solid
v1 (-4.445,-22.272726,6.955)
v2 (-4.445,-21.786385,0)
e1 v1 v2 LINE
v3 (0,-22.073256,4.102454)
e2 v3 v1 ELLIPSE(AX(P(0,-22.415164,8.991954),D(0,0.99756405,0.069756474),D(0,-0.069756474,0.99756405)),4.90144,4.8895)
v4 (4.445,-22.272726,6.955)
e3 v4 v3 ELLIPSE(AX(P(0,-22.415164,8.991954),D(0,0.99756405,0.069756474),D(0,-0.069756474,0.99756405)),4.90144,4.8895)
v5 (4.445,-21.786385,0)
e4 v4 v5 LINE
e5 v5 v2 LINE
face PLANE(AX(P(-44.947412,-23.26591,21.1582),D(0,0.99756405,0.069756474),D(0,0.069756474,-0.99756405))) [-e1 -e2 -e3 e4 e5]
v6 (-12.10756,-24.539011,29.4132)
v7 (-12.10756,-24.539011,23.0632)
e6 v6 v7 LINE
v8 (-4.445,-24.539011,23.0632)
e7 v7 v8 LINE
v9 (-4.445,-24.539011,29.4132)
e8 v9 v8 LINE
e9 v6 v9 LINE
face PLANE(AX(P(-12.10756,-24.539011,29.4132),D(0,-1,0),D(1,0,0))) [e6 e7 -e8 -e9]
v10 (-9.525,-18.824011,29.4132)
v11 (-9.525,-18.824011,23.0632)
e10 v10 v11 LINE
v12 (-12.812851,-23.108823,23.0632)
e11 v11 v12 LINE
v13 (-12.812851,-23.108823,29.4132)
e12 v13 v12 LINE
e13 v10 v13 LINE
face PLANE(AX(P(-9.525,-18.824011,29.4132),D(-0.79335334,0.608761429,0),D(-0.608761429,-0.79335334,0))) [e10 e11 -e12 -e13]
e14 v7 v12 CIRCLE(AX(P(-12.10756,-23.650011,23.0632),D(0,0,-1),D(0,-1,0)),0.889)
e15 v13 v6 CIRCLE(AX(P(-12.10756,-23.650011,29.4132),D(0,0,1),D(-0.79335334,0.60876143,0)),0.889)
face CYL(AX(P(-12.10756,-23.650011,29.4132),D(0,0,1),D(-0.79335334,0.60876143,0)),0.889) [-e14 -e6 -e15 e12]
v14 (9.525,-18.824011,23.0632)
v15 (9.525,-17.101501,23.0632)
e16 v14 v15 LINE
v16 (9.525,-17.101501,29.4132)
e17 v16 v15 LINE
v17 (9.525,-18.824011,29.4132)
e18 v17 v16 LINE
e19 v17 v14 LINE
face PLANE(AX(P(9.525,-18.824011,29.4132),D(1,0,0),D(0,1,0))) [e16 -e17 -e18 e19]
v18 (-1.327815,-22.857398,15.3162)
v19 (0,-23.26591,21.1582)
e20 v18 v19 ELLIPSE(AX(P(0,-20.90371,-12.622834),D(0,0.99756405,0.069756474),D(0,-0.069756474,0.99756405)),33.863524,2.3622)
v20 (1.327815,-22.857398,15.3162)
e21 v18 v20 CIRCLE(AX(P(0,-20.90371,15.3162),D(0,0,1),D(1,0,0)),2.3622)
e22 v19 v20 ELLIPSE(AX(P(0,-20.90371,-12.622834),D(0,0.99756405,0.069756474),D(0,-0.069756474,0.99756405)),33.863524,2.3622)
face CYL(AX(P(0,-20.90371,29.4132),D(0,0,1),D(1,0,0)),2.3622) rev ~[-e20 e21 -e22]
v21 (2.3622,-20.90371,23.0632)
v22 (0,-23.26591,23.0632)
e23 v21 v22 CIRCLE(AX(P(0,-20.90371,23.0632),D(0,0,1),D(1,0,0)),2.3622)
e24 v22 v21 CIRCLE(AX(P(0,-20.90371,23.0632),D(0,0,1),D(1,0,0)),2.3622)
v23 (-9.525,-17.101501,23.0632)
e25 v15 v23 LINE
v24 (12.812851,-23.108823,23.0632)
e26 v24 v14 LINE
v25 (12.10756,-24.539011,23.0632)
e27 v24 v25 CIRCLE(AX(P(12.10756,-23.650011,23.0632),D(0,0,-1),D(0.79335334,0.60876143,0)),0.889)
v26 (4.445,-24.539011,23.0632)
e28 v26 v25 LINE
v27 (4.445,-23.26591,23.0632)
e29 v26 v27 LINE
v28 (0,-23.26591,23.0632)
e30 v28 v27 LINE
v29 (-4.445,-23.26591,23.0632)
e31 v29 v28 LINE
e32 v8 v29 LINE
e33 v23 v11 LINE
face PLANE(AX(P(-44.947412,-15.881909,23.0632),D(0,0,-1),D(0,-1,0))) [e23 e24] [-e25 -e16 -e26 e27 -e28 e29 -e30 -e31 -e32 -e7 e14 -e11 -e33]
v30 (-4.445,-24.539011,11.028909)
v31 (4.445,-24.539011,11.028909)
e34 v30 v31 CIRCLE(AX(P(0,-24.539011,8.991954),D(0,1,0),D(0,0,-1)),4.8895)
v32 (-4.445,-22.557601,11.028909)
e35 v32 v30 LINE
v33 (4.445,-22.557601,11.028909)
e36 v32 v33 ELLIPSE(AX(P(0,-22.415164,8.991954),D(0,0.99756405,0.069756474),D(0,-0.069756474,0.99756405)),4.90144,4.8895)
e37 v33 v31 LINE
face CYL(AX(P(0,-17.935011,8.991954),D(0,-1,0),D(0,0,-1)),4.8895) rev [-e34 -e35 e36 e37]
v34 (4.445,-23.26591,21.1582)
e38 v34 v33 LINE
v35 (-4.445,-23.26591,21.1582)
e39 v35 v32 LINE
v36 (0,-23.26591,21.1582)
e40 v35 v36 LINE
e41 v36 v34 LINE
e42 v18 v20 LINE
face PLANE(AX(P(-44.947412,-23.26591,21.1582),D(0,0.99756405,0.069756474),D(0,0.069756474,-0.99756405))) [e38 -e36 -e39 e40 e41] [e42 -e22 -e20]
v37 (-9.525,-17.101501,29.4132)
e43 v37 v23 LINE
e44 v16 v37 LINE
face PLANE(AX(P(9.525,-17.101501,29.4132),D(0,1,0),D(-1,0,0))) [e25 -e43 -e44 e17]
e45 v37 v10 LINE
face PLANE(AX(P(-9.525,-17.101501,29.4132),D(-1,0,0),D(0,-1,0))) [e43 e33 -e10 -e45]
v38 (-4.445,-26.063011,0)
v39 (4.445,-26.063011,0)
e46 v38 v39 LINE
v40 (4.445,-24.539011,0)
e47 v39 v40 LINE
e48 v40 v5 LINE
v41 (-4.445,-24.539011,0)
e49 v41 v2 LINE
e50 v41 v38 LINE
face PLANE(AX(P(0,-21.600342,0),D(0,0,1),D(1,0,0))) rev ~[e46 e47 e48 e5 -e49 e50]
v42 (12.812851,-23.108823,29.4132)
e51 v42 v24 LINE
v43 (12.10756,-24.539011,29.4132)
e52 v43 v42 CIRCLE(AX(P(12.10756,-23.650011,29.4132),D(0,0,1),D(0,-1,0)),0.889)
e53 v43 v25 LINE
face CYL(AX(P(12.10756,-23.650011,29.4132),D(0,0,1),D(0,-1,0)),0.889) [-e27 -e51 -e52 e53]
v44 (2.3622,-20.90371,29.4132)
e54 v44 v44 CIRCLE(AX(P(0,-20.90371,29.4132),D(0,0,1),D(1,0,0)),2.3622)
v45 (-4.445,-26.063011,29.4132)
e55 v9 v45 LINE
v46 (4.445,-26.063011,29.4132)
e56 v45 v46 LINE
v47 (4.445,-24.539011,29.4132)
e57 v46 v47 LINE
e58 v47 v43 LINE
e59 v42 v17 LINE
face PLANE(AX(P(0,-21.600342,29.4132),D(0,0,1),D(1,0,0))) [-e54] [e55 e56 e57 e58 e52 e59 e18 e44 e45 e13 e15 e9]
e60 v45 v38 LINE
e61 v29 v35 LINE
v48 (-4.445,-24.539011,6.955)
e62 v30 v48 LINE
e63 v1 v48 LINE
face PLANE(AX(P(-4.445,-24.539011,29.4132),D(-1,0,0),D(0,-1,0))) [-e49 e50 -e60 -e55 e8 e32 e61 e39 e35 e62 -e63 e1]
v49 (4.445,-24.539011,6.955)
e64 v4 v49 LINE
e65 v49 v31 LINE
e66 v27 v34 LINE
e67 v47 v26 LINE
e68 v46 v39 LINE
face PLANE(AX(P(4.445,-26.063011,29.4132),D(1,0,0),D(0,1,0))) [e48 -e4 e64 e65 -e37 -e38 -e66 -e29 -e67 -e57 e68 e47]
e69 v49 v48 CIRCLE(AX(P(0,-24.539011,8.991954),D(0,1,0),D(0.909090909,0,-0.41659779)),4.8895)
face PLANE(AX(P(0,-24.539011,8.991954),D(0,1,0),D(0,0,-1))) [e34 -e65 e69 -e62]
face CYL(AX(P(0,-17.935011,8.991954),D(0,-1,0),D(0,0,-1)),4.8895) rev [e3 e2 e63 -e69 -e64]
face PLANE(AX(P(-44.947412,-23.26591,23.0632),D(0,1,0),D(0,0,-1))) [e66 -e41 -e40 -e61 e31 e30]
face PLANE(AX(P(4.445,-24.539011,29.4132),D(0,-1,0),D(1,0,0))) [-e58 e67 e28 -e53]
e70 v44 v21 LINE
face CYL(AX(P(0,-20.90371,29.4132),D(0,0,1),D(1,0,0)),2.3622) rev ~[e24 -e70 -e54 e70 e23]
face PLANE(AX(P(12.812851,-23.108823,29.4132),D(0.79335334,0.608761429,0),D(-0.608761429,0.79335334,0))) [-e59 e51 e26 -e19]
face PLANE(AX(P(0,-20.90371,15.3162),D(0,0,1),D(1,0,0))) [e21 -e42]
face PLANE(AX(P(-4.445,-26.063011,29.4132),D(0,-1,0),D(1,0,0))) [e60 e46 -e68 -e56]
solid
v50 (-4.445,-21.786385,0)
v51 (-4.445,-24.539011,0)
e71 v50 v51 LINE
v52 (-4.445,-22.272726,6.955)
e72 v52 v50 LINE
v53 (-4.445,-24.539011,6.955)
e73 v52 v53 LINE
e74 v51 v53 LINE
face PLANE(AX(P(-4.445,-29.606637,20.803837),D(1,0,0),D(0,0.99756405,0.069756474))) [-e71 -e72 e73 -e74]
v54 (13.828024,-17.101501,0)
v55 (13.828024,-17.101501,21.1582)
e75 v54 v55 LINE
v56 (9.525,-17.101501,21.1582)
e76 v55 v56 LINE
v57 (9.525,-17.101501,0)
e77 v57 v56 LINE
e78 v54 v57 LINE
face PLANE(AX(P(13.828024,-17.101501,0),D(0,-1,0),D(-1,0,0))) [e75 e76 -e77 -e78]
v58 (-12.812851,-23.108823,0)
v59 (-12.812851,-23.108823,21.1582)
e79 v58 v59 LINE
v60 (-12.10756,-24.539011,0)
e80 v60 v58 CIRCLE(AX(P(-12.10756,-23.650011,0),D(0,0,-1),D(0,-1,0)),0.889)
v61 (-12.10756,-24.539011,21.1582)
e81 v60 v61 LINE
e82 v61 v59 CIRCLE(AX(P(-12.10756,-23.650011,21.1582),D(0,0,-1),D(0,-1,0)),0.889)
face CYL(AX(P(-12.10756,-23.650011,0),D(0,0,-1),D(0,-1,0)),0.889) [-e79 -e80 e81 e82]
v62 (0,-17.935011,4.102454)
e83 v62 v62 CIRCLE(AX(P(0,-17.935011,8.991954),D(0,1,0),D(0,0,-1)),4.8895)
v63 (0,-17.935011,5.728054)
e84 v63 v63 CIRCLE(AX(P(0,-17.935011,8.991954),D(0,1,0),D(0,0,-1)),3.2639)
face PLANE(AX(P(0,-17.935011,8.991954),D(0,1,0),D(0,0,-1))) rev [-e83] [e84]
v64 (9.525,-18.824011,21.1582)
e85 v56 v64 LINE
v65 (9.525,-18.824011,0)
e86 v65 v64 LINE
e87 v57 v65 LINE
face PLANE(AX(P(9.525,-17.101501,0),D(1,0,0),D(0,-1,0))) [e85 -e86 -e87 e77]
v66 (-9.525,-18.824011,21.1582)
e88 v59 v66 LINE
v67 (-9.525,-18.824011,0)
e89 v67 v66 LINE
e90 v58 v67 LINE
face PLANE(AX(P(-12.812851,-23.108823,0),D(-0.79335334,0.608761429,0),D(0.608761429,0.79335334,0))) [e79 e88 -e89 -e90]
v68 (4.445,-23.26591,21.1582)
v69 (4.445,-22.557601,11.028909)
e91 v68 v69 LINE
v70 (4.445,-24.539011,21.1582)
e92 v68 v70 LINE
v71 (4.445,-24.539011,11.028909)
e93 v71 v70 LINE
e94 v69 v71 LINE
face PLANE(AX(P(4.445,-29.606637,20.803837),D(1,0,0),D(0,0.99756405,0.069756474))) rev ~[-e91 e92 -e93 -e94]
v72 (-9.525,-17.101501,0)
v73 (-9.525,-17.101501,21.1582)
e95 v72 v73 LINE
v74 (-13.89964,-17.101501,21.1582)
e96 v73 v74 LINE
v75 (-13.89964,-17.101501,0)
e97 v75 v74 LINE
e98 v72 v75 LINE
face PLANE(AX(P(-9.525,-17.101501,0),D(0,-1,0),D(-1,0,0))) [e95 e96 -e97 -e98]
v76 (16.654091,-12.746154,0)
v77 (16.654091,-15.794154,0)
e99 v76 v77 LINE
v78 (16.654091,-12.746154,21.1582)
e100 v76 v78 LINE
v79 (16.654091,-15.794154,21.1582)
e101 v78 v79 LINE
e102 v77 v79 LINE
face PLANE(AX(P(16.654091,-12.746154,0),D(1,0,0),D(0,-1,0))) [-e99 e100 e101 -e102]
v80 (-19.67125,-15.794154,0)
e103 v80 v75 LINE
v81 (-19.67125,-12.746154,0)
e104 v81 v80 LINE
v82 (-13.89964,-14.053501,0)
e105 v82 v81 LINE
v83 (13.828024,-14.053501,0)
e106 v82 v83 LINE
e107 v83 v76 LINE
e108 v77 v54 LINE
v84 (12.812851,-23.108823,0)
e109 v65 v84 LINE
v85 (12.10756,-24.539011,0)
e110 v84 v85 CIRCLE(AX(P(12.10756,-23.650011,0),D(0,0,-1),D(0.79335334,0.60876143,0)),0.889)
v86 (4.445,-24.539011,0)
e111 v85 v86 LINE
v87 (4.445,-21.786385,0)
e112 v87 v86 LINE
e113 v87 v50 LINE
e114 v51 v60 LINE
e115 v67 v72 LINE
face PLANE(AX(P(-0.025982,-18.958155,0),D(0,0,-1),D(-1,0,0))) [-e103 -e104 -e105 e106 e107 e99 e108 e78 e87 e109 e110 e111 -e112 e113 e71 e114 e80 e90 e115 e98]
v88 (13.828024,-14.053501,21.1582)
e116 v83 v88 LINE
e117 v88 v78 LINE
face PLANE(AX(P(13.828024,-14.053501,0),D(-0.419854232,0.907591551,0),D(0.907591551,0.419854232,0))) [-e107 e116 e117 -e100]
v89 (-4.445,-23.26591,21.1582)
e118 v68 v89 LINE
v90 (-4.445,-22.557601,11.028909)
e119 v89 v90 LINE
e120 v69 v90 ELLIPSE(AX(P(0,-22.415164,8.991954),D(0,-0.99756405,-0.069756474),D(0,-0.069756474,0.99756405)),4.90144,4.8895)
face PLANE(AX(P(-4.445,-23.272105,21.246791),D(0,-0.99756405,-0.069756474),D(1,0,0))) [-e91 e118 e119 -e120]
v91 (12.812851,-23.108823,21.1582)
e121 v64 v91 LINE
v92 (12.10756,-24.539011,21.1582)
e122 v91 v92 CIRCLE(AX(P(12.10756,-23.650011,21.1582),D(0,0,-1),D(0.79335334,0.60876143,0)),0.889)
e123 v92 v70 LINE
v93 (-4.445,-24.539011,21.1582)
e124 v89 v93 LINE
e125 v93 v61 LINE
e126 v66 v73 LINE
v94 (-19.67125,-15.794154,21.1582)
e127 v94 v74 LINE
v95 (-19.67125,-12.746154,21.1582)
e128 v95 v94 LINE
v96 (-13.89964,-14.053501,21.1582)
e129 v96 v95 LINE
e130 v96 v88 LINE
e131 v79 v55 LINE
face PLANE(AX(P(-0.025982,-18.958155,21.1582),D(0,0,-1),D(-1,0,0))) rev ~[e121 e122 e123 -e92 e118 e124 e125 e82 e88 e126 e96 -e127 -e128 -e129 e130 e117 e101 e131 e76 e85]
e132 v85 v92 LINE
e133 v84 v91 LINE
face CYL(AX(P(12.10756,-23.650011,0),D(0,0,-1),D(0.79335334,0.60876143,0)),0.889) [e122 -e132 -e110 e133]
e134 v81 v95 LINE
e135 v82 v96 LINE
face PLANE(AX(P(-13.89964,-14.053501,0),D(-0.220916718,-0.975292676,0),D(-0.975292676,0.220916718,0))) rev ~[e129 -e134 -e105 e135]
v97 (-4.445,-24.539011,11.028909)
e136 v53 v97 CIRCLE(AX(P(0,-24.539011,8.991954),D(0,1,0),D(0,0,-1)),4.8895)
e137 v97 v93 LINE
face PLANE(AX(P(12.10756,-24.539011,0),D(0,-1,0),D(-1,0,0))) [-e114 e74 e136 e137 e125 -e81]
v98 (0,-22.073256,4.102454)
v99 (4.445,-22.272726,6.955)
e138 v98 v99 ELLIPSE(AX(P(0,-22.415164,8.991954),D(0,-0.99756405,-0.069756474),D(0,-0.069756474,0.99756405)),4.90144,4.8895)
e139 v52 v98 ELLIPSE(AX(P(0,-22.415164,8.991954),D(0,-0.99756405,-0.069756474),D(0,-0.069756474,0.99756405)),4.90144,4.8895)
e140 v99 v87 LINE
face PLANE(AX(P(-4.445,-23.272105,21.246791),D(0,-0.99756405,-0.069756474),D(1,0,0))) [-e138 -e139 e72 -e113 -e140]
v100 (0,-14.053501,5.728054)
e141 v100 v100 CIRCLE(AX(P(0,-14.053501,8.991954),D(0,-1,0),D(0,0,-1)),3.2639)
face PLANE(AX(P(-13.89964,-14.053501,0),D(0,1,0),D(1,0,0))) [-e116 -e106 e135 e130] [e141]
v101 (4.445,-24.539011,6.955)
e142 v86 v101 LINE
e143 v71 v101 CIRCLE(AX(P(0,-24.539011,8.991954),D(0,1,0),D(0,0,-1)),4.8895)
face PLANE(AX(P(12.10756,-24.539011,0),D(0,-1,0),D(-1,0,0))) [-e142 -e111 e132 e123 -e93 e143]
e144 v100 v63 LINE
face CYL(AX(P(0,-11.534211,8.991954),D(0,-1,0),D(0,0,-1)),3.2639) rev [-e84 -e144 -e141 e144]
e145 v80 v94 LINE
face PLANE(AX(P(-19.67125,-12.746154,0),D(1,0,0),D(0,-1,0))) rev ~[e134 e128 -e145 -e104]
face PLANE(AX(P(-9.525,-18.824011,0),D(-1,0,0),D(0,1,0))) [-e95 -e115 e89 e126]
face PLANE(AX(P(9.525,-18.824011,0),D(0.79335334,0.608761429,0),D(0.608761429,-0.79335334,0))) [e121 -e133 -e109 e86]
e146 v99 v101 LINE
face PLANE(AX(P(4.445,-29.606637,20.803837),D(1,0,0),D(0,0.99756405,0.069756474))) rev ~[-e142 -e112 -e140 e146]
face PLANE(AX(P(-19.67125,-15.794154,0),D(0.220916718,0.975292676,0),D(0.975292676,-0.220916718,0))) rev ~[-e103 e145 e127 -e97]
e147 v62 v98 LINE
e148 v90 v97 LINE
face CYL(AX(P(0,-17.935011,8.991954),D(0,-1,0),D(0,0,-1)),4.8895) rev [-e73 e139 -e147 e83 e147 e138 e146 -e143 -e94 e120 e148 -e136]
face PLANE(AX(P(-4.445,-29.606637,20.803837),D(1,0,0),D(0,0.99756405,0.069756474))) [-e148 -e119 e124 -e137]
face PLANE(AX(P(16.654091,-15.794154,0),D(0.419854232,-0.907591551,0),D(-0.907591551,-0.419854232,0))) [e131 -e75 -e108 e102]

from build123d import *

# Parameters (mm, degrees)
BOSS_EXTRUDE1_DEPTH      = 21.1582
SKETCH5_W                = 8.89
SKETCH5_H                = 6.35
CUT_EXTRUDE2_DEPTH       = 40
BOSS_EXTRUDE2_DEPTH      = 21.1582
BOSS_EXTRUDE2_DEPTH_BACK = 8.255
CUT_EXTRUDE3_DEPTH       = 44.94741167
CUT_EXTRUDE3_DEPTH_BACK  = 44.94741167
SKETCH9_W                = 9.686151671
SKETCH9_H                = 23.108692275
CUT_EXTRUDE4_DEPTH       = 14.097
SKETCH10_R               = 2.3622
CUT_EXTRUDE5_DEPTH       = 14.097


with BuildPart() as part:
    # Sketch1 → Boss-Extrude1 (new body)
    with BuildSketch(Plane.XY):
        with BuildLine():
            ThreePointArc((-12.107560068, -24.539011499), (-12.904879935, -24.043206145), (-12.812851187, -23.108822589))
            Line((-12.812851187, -23.108822589), (-9.525, -18.824011499))
            Line((-9.525, -18.824011499), (-9.525, -17.10150063))
            Line((-9.525, -17.10150063), (-13.899640283, -17.10150063))
            Line((-13.899640283, -17.10150063), (-13.899640283, -14.05350063))
            Line((-13.899640283, -14.05350063), (13.828023576, -14.05350063))
            Line((13.828023576, -14.05350063), (13.828023576, -17.10150063))
            Line((13.828023576, -17.10150063), (9.525, -17.10150063))
            Line((9.525, -17.10150063), (9.525, -18.824011499))
            Line((9.525, -18.824011499), (12.812851187, -23.108822589))
            ThreePointArc((12.812851187, -23.108822589), (12.904879935, -24.043206145), (12.107560068, -24.539011499))
            Line((12.107560068, -24.539011499), (-12.107560068, -24.539011499))
        make_face()
        Polygon((16.65409094, -15.794154454), (13.828023576, -17.10150063), (13.828023576, -14.05350063), (16.65409094, -12.746154454), align=None)
        Polygon((-19.671250338, -12.746154454), (-19.671250338, -15.794154454), (-13.899640283, -17.10150063), (-13.899640283, -14.05350063), align=None)
    extrude(amount=BOSS_EXTRUDE1_DEPTH)

    # Sketch5 → Cut-Extrude2 (cut)
    with BuildSketch(Plane(origin=(0, -1.591732139, 22.762830088), x_dir=(1, 0, 0), z_dir=(0, -0.06975647374412544, 0.9975640502598242))):
        with Locations((0, -24.908314278)):
            Rectangle(SKETCH5_W, SKETCH5_H)
    extrude(amount=-CUT_EXTRUDE2_DEPTH, mode=Mode.SUBTRACT)


with BuildPart() as body_2:
    # Sketch7 → Boss-Extrude2 (new, two sides: drawn at the far end of the back side and taken through both)
    with BuildSketch(Plane(origin=(0, 0, 21.1582), x_dir=(-1, 0, 0), z_dir=(0, 0, -1)).offset(-BOSS_EXTRUDE2_DEPTH_BACK)):
        with BuildLine():
            Line((-9.525, -17.10150063), (9.525, -17.10150063))
            Line((9.525, -17.10150063), (9.525, -18.824011499))
            Line((9.525, -18.824011499), (12.812851187, -23.108822589))
            ThreePointArc((12.812851187, -23.108822589), (12.904879935, -24.043206145), (12.107560068, -24.539011499))
            Line((12.107560068, -24.539011499), (4.445, -24.539011499))
            Line((4.445, -24.539011499), (4.445, -26.063011499))
            Line((4.445, -26.063011499), (-4.445, -26.063011499))
            Line((-4.445, -26.063011499), (-4.445, -24.539011499))
            Line((-4.445, -24.539011499), (-12.107560068, -24.539011499))
            ThreePointArc((-12.107560068, -24.539011499), (-12.904879935, -24.043206145), (-12.812851187, -23.108822589))
            Line((-12.812851187, -23.108822589), (-9.525, -18.824011499))
            Line((-9.525, -18.824011499), (-9.525, -17.10150063))
        make_face()
    extrude(amount=BOSS_EXTRUDE2_DEPTH + BOSS_EXTRUDE2_DEPTH_BACK)

    # Sketch8 → Cut-Extrude3 (cut, two sides: drawn at the far end of the back side and taken through both)
    with BuildSketch(Plane(origin=(0, 0, 0), x_dir=(0, 0, -1), z_dir=(1, 0, 0)).offset(-CUT_EXTRUDE3_DEPTH_BACK)):
        Polygon((-23.0632, -15.881909333), (-23.0632, -23.265910289), (-21.1582, -23.265910289), (3.175, -21.564367188), (3.175, -15.881909333), align=None)
    extrude(amount=CUT_EXTRUDE3_DEPTH + CUT_EXTRUDE3_DEPTH_BACK, mode=Mode.SUBTRACT)

    # Sketch9 → Cut-Extrude4 (cut)
    with BuildSketch(Plane.XZ.offset(24.539011499)):
        with Locations((-9.288075836, 11.508853863)):
            Rectangle(SKETCH9_W, SKETCH9_H)
        with Locations((9.288075836, 11.508853863)):
            Rectangle(SKETCH9_W, SKETCH9_H)
    extrude(amount=-CUT_EXTRUDE4_DEPTH, mode=Mode.SUBTRACT)

    # Sketch10 → Cut-Extrude5 (cut)
    with BuildSketch(Plane.XY.offset(29.4132)):
        with Locations((0, -20.903710289)):
            Circle(SKETCH10_R)
    extrude(amount=-CUT_EXTRUDE5_DEPTH, mode=Mode.SUBTRACT)


with BuildPart() as cbore_for_1_4_socket_head_cap_screw1_tool:
    # Sketch3 → CBORE for 1/4 Socket Head Cap Screw1 (revolve)
    with BuildSketch(Plane(origin=(0, -24.539011499, 8.991954404), x_dir=(0, 0, -1), z_dir=(1, 0, 0))):
        Polygon((0, 0), (0, 14.965948974), (3.2639, 13.0048), (3.2639, 6.604), (4.8895, 6.604), (4.8895, 0), align=None)
    revolve(axis=Axis((0, -30.889011499, 8.991954404), (0, 1, 0)))


with BuildPart() as part_1:
    add(part.part)

    # CBORE for 1/4 Socket Head Cap Screw1: cut by cbore_for_1_4_socket_head_cap_screw1_tool
    add(cbore_for_1_4_socket_head_cap_screw1_tool.part, mode=Mode.SUBTRACT)


with BuildPart() as body_2_1:
    add(body_2.part)

    # CBORE for 1/4 Socket Head Cap Screw1: cut by cbore_for_1_4_socket_head_cap_screw1_tool
    add(cbore_for_1_4_socket_head_cap_screw1_tool.part, mode=Mode.SUBTRACT)


solid = Compound([part_1.part, body_2_1.part])
